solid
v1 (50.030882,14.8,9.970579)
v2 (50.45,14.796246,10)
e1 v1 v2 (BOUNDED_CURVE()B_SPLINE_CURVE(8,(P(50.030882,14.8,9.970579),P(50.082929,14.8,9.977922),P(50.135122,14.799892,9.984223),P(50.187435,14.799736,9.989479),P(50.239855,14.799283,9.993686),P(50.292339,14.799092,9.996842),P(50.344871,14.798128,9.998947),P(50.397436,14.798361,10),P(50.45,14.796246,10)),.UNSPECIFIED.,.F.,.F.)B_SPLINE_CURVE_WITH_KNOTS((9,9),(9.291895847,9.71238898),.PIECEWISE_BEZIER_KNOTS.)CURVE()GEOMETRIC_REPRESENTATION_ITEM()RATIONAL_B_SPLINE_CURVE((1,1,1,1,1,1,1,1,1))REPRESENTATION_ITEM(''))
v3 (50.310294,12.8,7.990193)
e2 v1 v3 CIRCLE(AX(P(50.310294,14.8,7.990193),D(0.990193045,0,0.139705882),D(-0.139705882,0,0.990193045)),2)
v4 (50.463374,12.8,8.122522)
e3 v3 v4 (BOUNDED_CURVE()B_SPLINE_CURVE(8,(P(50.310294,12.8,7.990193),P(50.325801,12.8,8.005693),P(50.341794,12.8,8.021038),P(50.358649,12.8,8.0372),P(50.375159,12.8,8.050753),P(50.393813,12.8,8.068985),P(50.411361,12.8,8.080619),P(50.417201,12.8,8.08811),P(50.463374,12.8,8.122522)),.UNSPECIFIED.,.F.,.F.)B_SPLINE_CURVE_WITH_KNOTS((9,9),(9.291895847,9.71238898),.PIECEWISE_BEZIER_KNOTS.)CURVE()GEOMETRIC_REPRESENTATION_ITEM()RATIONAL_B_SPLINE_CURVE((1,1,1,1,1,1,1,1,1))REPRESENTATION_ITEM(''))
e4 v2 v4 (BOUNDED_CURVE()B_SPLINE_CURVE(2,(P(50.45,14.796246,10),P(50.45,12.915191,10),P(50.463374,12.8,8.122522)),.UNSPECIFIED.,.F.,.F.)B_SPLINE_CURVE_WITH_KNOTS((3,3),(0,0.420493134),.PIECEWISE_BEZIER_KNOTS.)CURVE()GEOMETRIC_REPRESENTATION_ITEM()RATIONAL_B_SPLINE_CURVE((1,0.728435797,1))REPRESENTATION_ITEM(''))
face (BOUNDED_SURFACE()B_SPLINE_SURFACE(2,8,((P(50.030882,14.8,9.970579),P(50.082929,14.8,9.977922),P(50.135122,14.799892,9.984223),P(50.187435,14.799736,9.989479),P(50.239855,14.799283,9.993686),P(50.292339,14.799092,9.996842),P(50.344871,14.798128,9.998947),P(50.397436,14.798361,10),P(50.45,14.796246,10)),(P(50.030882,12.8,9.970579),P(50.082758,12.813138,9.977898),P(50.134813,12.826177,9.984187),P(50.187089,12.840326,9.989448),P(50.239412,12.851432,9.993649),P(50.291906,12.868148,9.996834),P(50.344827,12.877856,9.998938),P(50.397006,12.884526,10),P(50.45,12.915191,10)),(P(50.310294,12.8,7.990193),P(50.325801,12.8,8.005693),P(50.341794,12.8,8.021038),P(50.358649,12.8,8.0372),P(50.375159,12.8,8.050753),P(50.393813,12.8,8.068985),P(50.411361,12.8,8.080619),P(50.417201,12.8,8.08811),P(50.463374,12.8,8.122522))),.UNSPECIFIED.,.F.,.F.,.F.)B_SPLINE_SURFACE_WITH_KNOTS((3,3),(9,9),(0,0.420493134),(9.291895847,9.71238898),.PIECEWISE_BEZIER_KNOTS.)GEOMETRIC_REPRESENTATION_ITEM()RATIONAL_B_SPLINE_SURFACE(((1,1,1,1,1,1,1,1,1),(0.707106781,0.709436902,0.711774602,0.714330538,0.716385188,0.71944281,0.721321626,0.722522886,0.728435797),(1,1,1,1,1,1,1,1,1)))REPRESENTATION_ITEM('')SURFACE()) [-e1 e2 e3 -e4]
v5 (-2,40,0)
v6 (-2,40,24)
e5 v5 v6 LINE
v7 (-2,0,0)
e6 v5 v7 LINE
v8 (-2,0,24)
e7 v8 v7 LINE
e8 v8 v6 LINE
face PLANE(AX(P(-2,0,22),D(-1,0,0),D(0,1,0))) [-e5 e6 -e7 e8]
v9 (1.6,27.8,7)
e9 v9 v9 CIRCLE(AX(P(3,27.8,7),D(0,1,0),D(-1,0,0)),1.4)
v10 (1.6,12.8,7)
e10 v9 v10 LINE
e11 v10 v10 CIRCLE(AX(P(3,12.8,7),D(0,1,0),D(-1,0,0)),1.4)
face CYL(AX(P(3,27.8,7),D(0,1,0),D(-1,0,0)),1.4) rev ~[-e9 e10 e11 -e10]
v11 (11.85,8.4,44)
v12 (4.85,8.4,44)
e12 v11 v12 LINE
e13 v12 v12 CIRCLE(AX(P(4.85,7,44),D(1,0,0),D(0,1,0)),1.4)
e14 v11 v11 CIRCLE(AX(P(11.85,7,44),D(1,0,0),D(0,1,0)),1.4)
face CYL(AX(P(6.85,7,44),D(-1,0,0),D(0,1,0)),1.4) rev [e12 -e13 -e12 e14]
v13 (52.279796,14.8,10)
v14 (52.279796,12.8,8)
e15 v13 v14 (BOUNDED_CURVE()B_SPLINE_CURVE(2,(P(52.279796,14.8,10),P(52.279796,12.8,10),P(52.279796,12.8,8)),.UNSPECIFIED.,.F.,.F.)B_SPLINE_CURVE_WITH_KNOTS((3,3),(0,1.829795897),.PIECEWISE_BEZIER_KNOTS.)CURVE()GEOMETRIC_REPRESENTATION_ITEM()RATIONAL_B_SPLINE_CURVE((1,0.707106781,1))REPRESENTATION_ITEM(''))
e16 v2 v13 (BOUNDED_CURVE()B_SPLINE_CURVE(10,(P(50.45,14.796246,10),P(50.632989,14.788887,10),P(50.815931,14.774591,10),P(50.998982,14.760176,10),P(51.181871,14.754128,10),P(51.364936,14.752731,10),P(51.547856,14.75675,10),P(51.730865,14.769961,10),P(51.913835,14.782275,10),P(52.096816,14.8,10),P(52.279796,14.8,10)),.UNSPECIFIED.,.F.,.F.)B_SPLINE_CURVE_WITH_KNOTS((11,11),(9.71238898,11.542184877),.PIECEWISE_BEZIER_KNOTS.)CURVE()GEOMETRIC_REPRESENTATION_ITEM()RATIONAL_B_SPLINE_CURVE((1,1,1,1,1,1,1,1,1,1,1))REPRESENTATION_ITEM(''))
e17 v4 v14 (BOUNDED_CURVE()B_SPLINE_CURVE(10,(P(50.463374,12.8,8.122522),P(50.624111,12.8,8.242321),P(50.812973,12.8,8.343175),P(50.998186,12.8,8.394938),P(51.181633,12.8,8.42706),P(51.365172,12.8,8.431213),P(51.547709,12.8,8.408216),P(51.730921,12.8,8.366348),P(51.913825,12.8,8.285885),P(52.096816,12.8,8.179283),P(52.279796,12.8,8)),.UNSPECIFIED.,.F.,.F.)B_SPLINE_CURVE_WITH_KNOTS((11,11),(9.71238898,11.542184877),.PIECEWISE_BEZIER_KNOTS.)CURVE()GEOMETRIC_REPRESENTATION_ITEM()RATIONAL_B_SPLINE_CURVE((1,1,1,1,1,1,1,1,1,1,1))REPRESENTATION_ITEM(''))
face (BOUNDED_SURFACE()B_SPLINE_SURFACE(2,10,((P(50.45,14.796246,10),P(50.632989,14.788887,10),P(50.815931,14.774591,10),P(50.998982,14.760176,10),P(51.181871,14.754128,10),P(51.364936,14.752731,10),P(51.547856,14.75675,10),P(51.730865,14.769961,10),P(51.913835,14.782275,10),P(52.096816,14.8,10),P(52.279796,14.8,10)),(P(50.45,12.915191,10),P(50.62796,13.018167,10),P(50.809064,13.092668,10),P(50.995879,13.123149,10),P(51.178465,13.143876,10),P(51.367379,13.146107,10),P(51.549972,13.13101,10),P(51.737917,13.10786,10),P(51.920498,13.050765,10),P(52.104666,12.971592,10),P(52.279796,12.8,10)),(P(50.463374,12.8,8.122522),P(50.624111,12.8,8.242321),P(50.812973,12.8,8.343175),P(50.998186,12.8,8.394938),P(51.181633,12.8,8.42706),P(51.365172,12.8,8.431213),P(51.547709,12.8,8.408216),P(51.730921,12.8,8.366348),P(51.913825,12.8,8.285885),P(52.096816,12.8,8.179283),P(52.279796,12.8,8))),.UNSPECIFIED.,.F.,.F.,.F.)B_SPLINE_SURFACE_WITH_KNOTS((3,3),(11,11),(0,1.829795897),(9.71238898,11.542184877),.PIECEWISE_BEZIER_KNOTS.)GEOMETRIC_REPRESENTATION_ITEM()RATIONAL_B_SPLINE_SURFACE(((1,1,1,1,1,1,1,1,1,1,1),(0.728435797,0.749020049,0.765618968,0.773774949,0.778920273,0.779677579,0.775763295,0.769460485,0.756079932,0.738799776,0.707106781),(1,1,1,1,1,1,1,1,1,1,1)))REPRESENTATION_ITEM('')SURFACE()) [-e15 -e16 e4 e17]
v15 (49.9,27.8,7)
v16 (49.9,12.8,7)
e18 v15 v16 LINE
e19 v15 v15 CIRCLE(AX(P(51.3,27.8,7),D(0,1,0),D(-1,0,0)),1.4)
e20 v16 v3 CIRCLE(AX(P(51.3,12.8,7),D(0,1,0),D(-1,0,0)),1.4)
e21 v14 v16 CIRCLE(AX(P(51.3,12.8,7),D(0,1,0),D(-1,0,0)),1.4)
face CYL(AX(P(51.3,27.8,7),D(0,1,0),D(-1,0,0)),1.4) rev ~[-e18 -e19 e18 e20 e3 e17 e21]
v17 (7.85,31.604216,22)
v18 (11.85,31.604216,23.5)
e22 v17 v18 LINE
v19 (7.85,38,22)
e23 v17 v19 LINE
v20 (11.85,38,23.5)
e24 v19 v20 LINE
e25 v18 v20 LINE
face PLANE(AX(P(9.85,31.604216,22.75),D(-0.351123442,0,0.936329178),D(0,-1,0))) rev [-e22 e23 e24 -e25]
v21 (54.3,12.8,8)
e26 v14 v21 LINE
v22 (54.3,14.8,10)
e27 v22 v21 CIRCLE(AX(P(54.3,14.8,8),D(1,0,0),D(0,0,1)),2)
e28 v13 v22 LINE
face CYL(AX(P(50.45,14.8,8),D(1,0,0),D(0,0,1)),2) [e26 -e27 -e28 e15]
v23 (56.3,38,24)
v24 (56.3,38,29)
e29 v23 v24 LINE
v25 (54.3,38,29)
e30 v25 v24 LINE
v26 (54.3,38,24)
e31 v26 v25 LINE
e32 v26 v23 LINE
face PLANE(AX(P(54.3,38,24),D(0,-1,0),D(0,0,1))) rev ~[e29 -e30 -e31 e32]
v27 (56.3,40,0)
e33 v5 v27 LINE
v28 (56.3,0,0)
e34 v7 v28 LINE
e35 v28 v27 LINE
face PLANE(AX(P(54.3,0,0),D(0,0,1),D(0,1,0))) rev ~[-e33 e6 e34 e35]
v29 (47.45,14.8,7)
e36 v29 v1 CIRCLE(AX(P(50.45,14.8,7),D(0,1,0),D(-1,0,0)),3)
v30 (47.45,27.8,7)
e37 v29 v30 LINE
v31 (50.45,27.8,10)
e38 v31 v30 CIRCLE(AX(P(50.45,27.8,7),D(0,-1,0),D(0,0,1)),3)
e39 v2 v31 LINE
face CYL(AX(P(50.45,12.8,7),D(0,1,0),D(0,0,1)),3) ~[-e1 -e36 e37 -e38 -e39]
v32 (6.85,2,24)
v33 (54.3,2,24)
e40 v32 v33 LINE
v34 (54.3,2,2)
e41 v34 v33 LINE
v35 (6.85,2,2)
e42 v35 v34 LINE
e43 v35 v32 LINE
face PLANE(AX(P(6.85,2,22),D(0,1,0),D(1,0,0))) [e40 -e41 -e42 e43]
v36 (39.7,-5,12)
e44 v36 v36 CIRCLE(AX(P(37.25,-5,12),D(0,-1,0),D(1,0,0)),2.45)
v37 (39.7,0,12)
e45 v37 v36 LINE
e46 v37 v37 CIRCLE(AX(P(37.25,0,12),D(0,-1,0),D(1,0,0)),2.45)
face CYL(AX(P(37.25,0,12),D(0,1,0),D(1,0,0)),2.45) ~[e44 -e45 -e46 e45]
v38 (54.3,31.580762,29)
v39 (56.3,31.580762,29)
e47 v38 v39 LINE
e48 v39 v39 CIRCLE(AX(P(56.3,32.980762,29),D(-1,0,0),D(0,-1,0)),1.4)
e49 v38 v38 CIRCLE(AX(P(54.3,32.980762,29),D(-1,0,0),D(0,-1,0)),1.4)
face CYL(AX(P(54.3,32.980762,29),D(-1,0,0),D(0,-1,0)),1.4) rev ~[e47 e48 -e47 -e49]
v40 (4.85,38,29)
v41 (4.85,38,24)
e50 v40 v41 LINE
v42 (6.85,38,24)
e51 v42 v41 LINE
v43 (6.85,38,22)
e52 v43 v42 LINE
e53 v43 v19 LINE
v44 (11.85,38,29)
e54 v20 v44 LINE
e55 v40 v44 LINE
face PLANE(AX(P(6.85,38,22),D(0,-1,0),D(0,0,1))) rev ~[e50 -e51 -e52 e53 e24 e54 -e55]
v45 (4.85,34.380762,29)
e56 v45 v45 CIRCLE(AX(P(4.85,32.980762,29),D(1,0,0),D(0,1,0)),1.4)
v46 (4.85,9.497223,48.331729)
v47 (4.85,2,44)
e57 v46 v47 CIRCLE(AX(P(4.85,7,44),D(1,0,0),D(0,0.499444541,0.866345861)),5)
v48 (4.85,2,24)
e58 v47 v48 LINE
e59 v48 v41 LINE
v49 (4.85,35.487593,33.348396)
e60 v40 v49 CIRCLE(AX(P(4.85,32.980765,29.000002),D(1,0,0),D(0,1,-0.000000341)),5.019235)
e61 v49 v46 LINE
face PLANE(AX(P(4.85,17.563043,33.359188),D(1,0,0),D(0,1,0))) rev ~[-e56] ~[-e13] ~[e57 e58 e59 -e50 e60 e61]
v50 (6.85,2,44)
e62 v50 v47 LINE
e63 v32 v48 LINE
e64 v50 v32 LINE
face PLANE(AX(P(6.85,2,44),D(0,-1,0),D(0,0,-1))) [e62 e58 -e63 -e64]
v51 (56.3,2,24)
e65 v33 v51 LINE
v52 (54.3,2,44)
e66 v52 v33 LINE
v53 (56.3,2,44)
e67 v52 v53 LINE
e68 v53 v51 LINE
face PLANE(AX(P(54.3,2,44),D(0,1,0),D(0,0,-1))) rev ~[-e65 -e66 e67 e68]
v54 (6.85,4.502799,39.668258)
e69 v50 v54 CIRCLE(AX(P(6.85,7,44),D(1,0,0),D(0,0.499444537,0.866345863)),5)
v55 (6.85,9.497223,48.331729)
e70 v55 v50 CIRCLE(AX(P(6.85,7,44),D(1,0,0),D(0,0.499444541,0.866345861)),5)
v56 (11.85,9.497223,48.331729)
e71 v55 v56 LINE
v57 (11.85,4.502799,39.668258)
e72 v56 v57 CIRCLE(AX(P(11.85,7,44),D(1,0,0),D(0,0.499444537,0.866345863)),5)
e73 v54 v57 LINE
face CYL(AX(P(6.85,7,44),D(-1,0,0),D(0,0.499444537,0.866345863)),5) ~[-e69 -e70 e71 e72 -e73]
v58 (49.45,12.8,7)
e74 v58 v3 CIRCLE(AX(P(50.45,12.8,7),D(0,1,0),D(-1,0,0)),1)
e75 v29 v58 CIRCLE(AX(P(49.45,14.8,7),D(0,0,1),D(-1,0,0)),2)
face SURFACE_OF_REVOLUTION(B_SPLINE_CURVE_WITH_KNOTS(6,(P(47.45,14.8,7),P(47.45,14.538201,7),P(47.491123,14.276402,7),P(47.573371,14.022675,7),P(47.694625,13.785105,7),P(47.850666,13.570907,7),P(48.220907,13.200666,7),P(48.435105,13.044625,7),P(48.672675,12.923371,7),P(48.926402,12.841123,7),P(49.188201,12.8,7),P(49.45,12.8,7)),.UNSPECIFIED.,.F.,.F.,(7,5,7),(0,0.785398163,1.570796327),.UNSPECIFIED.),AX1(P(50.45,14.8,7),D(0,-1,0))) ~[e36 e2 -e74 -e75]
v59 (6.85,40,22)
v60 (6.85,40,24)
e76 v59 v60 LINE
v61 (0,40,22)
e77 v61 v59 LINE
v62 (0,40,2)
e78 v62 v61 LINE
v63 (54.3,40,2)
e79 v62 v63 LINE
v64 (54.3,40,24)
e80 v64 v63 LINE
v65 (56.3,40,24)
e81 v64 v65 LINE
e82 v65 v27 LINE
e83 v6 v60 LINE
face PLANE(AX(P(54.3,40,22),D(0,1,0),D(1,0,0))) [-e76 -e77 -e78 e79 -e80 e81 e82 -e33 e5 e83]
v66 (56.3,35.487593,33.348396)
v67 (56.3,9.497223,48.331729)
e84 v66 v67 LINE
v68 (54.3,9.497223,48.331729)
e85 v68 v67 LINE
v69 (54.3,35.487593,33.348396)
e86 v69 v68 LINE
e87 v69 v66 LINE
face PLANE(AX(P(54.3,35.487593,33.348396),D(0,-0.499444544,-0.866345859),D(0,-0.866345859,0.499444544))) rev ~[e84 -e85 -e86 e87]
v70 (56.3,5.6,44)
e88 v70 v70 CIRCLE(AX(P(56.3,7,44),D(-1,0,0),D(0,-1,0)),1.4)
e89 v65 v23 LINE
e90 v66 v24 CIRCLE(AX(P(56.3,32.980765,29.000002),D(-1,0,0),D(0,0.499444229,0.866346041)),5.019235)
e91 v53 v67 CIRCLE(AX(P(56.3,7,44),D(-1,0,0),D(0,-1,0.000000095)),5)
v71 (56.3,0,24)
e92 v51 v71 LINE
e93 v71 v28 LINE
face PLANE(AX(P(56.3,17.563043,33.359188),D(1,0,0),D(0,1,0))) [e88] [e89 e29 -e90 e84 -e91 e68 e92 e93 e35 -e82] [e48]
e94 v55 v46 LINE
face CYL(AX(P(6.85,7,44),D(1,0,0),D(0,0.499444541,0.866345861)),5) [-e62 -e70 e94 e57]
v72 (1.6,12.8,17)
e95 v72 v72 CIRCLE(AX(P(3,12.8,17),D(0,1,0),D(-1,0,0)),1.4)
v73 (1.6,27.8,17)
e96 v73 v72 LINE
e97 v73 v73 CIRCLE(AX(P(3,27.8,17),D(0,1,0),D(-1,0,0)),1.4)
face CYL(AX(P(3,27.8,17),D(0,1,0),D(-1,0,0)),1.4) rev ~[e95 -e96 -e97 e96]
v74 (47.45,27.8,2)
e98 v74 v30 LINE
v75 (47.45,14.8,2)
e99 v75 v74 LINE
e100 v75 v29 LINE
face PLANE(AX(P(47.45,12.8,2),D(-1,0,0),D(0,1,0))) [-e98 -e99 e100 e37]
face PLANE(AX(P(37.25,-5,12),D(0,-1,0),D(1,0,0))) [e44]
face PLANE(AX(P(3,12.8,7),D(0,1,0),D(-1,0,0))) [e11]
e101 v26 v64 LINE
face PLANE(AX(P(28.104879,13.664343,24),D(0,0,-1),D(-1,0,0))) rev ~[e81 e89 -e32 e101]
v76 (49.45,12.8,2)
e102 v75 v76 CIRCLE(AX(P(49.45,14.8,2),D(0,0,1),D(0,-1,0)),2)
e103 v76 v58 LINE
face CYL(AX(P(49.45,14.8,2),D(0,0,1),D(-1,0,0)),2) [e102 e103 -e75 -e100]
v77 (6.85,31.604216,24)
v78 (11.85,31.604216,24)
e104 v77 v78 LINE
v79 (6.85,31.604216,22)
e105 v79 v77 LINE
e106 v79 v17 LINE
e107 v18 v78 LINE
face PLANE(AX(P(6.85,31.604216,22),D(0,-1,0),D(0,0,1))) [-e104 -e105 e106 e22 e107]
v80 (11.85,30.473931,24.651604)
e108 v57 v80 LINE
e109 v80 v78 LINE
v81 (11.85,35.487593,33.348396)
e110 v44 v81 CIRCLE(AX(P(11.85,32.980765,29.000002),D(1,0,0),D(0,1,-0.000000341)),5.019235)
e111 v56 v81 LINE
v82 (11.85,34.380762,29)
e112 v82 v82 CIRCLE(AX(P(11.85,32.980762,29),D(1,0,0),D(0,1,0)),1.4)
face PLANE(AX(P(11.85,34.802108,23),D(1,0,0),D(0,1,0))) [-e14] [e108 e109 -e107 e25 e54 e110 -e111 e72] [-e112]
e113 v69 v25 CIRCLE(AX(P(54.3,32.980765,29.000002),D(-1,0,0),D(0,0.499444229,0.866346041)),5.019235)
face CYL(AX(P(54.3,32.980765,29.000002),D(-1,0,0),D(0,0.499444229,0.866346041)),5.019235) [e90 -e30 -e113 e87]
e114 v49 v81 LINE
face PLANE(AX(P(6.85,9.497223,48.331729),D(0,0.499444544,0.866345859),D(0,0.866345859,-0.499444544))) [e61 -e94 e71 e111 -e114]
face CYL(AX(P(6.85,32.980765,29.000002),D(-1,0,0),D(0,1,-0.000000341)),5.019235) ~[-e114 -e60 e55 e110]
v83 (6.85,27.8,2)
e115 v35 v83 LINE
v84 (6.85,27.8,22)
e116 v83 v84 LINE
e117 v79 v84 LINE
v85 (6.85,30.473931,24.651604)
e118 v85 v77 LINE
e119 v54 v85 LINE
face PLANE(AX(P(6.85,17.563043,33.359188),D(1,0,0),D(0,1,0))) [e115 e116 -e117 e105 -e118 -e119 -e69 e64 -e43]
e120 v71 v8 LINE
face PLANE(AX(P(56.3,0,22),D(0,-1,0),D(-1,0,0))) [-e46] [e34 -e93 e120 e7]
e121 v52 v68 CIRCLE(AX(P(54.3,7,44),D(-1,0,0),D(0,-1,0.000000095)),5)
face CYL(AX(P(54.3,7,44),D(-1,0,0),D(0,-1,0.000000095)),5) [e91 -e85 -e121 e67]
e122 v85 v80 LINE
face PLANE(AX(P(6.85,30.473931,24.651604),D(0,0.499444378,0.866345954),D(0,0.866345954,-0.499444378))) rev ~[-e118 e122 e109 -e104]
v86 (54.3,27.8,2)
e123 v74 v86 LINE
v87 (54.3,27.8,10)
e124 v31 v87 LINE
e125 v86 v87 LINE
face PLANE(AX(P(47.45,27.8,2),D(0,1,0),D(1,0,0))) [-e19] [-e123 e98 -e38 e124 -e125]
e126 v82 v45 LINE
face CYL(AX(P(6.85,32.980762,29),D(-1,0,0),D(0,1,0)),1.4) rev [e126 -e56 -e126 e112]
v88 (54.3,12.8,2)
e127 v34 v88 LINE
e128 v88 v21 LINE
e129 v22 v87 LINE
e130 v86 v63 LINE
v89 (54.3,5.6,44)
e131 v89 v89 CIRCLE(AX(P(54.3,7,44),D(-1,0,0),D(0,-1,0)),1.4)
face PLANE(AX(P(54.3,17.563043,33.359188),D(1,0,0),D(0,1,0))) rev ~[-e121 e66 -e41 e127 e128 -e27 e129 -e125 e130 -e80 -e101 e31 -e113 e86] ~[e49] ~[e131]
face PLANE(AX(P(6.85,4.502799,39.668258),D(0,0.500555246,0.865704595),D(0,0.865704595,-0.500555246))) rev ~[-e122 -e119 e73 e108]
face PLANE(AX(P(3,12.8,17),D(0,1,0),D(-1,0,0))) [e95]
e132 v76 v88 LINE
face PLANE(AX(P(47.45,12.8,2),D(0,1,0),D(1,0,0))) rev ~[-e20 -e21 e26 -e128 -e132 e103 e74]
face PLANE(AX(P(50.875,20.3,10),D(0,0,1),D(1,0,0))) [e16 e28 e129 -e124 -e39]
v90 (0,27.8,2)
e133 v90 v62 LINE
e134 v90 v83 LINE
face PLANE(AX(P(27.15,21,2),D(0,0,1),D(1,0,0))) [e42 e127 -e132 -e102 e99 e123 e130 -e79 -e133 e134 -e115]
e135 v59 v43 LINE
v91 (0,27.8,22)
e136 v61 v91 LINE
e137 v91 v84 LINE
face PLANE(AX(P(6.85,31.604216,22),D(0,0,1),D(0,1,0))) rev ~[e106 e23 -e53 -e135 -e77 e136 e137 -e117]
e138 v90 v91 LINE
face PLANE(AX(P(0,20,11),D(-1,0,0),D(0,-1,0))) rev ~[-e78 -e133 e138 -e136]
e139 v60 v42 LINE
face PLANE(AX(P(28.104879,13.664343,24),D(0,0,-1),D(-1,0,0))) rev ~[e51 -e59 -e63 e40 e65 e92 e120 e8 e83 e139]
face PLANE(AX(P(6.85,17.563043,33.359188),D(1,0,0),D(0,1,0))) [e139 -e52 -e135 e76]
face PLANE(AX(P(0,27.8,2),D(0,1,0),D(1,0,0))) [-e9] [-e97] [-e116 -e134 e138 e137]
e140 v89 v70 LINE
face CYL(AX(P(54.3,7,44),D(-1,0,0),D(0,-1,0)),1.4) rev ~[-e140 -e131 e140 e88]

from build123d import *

# Parameters (mm, degrees)
SKETCH_W        = 54.3
SKETCH_H        = 38
PAD_DEPTH       = 2
SKETCH001_W     = 54.3
SKETCH001_H     = 2
PAD001_DEPTH    = 22
SKETCH002_R     = 2.45
PAD002_DEPTH    = 5
SKETCH003_W     = 40
SKETCH003_H     = 22
PAD003_DEPTH    = 2
SKETCH004_W     = 40
SKETCH004_H     = 22
PAD004_DEPTH    = 2
SKETCH005_W     = 6.85
SKETCH005_H     = 15
PAD005_DEPTH    = 8
SKETCH006_R     = 1.4
POCKET_DEPTH    = 15
FILLET_R        = 3
FILLET001_R     = 2
SKETCH007_W     = 6.85
SKETCH007_H     = 25.8
PAD006_DEPTH    = 20
SKETCH008_R     = 1.4
POCKET001_DEPTH = 15
PAD007_DEPTH    = 2
SKETCH010_R     = 1.4
PAD008_DEPTH    = 2
SKETCH011_R     = 1.4
PAD009_DEPTH    = 2
SKETCH012_R     = 1.4
PAD010_DEPTH    = 5
SKETCH013_W     = 6.395784
SKETCH013_H     = 2
PAD011_DEPTH    = 5
CHAMFER_SIZE2   = 1.5
CHAMFER_SIZE    = 4


with BuildPart() as part:
    # Sketch → Pad (new body)
    with BuildSketch(Plane.XY):
        with Locations((27.15, 21)):
            Rectangle(SKETCH_W, SKETCH_H)
    extrude(amount=PAD_DEPTH)

    # Sketch001 → Pad001 (join)
    with BuildSketch(Plane.XY):
        with Locations((27.15, 1)):
            Rectangle(SKETCH001_W, SKETCH001_H)
    extrude(amount=PAD001_DEPTH)

    # Sketch002 → Pad002 (join)
    with BuildSketch(Plane.XZ):
        with Locations((37.25, 12)):
            Circle(SKETCH002_R)
    extrude(amount=PAD002_DEPTH)

    # Sketch003 (on Face2 of Pad002) → Pad003 (join)
    with BuildSketch(Plane(origin=(0, 0, 0), x_dir=(0, -1, 0), z_dir=(-1, 0, 0))):
        with Locations((-20, 11)):
            Rectangle(SKETCH003_W, SKETCH003_H)
    extrude(amount=PAD003_DEPTH)

    # Sketch004 (on Face3 of Pad003) → Pad004 (join)
    with BuildSketch(Plane.YZ.offset(54.3)):
        with Locations((20, 11)):
            Rectangle(SKETCH004_W, SKETCH004_H)
    extrude(amount=PAD004_DEPTH)

    # Sketch005 (on Face5 of Pad004) → Pad005 (join)
    with BuildSketch(Plane.XY.offset(2)):
        with Locations((50.875, 20.3)):
            Rectangle(SKETCH005_W, SKETCH005_H)
    extrude(amount=PAD005_DEPTH)

    # Sketch006 (on Face15 of Pad005) → Pocket (cut)
    with BuildSketch(Plane(origin=(0, 27.8, 0), x_dir=(-1, 0, 0), z_dir=(0, 1, 0))):
        with Locations((-51.3, 7)):
            Circle(SKETCH006_R)
    extrude(amount=-POCKET_DEPTH, mode=Mode.SUBTRACT)

    # Fillet
    fillet_edges = [part.edges().sort_by_distance(p)[0] for p in [
        (47.45, 20.3, 10),
    ]]
    fillet(fillet_edges, radius=FILLET_R)

    # Fillet001
    fillet001_edges = [part.edges().sort_by_distance(p)[0] for p in [
        (52.375, 12.8, 10),
    ]]
    fillet(fillet001_edges, radius=FILLET001_R)

    # Sketch007 (on Face5 of Fillet001) → Pad006 (join)
    with BuildSketch(Plane.XY.offset(2)):
        with Locations((3.425, 14.9)):
            Rectangle(SKETCH007_W, SKETCH007_H)
    extrude(amount=PAD006_DEPTH)

    # Sketch008 (on Face14 of Pad006) → Pocket001 (cut)
    with BuildSketch(Plane(origin=(0, 27.8, 0), x_dir=(-1, 0, 0), z_dir=(0, 1, 0))):
        with Locations((-3, 7)):
            Circle(SKETCH008_R)
        with Locations((-3, 17)):
            Circle(SKETCH008_R)
    extrude(amount=-POCKET001_DEPTH, mode=Mode.SUBTRACT)

    # Sketch009 (on Face21 of Pocket001) → Pad007 (join)
    with BuildSketch(Plane.XY.offset(22)):
        Polygon((54.3, 2), (54.3, 40), (56.3, 40), (56.3, 0), (-2, 0), (-2, 40), (6.85, 40), (6.85, 2), align=None)
    extrude(amount=PAD007_DEPTH)

    # Sketch010 (on Face22 of Pad007) → Pad008 (join)
    with BuildSketch(Plane.YZ.offset(6.85)):
        with BuildLine():
            Line((2, 24), (38, 24))
            Line((38, 29), (38, 24))
            ThreePointArc((38, 29), (37.326745, 31.511013), (35.487593, 33.348396))
            Line((35.487593, 33.348396), (9.497223, 48.331729))
            ThreePointArc((9.497223, 48.331729), (4.498612, 48.329325), (2, 44))
            Line((2, 44), (2, 24))
        make_face()
        with Locations((7, 44)):
            Circle(SKETCH010_R, mode=Mode.SUBTRACT)
        with Locations((32.980762, 29)):
            Circle(SKETCH010_R, mode=Mode.SUBTRACT)
    extrude(amount=-PAD008_DEPTH)

    # Sketch011 (on Face20 of Pad008) → Pad009 (join)
    with BuildSketch(Plane(origin=(54.3, 0, 0), x_dir=(0, -1, 0), z_dir=(-1, 0, 0))):
        with BuildLine():
            Line((-38, 24), (-38, 29))
            ThreePointArc((-35.487593, 33.348396), (-37.326745, 31.511013), (-38, 29))
            Line((-35.487593, 33.348396), (-9.497223, 48.331729))
            ThreePointArc((-2, 44), (-4.498612, 48.329325), (-9.497223, 48.331729))
            Line((-2, 44), (-2, 24))
            Line((-2, 24), (-38, 24))
        make_face()
        with Locations((-7, 44)):
            Circle(SKETCH011_R, mode=Mode.SUBTRACT)
        with Locations((-32.980762, 29)):
            Circle(SKETCH011_R, mode=Mode.SUBTRACT)
    extrude(amount=-PAD009_DEPTH)

    # Sketch012 (on Face35 of Pad009) → Pad010 (join)
    with BuildSketch(Plane.YZ.offset(6.85)):
        with BuildLine():
            Line((38, 29), (38, 24))
            Line((38, 24), (31.604216, 24))
            Line((30.473931, 24.651604), (31.604216, 24))
            Line((4.502799, 39.668258), (30.473931, 24.651604))
            ThreePointArc((9.497223, 48.331729), (2.668265, 46.497212), (4.502799, 39.668258))
            Line((9.497223, 48.331729), (35.487593, 33.348396))
            ThreePointArc((38, 29), (37.326745, 31.511013), (35.487593, 33.348396))
        make_face()
        with Locations((7, 44)):
            Circle(SKETCH012_R, mode=Mode.SUBTRACT)
        with Locations((32.980762, 29)):
            Circle(SKETCH012_R, mode=Mode.SUBTRACT)
    extrude(amount=PAD010_DEPTH)

    # Sketch013 (on Face22 of Pad010) → Pad011 (join)
    with BuildSketch(Plane.YZ.offset(6.85)):
        with Locations((34.802108, 23)):
            Rectangle(SKETCH013_W, SKETCH013_H)
    extrude(amount=PAD011_DEPTH)

    # Chamfer
    chamfer_edges = [part.edges().sort_by_distance(p)[0] for p in [
        (11.85, 34.802108, 22),
    ]]
    chamfer_side = part.faces().sort_by_distance((9.35, 34.802108, 22))[0]
    chamfer(chamfer_edges, length=CHAMFER_SIZE, length2=CHAMFER_SIZE2, reference=chamfer_side)


solid = part.part
